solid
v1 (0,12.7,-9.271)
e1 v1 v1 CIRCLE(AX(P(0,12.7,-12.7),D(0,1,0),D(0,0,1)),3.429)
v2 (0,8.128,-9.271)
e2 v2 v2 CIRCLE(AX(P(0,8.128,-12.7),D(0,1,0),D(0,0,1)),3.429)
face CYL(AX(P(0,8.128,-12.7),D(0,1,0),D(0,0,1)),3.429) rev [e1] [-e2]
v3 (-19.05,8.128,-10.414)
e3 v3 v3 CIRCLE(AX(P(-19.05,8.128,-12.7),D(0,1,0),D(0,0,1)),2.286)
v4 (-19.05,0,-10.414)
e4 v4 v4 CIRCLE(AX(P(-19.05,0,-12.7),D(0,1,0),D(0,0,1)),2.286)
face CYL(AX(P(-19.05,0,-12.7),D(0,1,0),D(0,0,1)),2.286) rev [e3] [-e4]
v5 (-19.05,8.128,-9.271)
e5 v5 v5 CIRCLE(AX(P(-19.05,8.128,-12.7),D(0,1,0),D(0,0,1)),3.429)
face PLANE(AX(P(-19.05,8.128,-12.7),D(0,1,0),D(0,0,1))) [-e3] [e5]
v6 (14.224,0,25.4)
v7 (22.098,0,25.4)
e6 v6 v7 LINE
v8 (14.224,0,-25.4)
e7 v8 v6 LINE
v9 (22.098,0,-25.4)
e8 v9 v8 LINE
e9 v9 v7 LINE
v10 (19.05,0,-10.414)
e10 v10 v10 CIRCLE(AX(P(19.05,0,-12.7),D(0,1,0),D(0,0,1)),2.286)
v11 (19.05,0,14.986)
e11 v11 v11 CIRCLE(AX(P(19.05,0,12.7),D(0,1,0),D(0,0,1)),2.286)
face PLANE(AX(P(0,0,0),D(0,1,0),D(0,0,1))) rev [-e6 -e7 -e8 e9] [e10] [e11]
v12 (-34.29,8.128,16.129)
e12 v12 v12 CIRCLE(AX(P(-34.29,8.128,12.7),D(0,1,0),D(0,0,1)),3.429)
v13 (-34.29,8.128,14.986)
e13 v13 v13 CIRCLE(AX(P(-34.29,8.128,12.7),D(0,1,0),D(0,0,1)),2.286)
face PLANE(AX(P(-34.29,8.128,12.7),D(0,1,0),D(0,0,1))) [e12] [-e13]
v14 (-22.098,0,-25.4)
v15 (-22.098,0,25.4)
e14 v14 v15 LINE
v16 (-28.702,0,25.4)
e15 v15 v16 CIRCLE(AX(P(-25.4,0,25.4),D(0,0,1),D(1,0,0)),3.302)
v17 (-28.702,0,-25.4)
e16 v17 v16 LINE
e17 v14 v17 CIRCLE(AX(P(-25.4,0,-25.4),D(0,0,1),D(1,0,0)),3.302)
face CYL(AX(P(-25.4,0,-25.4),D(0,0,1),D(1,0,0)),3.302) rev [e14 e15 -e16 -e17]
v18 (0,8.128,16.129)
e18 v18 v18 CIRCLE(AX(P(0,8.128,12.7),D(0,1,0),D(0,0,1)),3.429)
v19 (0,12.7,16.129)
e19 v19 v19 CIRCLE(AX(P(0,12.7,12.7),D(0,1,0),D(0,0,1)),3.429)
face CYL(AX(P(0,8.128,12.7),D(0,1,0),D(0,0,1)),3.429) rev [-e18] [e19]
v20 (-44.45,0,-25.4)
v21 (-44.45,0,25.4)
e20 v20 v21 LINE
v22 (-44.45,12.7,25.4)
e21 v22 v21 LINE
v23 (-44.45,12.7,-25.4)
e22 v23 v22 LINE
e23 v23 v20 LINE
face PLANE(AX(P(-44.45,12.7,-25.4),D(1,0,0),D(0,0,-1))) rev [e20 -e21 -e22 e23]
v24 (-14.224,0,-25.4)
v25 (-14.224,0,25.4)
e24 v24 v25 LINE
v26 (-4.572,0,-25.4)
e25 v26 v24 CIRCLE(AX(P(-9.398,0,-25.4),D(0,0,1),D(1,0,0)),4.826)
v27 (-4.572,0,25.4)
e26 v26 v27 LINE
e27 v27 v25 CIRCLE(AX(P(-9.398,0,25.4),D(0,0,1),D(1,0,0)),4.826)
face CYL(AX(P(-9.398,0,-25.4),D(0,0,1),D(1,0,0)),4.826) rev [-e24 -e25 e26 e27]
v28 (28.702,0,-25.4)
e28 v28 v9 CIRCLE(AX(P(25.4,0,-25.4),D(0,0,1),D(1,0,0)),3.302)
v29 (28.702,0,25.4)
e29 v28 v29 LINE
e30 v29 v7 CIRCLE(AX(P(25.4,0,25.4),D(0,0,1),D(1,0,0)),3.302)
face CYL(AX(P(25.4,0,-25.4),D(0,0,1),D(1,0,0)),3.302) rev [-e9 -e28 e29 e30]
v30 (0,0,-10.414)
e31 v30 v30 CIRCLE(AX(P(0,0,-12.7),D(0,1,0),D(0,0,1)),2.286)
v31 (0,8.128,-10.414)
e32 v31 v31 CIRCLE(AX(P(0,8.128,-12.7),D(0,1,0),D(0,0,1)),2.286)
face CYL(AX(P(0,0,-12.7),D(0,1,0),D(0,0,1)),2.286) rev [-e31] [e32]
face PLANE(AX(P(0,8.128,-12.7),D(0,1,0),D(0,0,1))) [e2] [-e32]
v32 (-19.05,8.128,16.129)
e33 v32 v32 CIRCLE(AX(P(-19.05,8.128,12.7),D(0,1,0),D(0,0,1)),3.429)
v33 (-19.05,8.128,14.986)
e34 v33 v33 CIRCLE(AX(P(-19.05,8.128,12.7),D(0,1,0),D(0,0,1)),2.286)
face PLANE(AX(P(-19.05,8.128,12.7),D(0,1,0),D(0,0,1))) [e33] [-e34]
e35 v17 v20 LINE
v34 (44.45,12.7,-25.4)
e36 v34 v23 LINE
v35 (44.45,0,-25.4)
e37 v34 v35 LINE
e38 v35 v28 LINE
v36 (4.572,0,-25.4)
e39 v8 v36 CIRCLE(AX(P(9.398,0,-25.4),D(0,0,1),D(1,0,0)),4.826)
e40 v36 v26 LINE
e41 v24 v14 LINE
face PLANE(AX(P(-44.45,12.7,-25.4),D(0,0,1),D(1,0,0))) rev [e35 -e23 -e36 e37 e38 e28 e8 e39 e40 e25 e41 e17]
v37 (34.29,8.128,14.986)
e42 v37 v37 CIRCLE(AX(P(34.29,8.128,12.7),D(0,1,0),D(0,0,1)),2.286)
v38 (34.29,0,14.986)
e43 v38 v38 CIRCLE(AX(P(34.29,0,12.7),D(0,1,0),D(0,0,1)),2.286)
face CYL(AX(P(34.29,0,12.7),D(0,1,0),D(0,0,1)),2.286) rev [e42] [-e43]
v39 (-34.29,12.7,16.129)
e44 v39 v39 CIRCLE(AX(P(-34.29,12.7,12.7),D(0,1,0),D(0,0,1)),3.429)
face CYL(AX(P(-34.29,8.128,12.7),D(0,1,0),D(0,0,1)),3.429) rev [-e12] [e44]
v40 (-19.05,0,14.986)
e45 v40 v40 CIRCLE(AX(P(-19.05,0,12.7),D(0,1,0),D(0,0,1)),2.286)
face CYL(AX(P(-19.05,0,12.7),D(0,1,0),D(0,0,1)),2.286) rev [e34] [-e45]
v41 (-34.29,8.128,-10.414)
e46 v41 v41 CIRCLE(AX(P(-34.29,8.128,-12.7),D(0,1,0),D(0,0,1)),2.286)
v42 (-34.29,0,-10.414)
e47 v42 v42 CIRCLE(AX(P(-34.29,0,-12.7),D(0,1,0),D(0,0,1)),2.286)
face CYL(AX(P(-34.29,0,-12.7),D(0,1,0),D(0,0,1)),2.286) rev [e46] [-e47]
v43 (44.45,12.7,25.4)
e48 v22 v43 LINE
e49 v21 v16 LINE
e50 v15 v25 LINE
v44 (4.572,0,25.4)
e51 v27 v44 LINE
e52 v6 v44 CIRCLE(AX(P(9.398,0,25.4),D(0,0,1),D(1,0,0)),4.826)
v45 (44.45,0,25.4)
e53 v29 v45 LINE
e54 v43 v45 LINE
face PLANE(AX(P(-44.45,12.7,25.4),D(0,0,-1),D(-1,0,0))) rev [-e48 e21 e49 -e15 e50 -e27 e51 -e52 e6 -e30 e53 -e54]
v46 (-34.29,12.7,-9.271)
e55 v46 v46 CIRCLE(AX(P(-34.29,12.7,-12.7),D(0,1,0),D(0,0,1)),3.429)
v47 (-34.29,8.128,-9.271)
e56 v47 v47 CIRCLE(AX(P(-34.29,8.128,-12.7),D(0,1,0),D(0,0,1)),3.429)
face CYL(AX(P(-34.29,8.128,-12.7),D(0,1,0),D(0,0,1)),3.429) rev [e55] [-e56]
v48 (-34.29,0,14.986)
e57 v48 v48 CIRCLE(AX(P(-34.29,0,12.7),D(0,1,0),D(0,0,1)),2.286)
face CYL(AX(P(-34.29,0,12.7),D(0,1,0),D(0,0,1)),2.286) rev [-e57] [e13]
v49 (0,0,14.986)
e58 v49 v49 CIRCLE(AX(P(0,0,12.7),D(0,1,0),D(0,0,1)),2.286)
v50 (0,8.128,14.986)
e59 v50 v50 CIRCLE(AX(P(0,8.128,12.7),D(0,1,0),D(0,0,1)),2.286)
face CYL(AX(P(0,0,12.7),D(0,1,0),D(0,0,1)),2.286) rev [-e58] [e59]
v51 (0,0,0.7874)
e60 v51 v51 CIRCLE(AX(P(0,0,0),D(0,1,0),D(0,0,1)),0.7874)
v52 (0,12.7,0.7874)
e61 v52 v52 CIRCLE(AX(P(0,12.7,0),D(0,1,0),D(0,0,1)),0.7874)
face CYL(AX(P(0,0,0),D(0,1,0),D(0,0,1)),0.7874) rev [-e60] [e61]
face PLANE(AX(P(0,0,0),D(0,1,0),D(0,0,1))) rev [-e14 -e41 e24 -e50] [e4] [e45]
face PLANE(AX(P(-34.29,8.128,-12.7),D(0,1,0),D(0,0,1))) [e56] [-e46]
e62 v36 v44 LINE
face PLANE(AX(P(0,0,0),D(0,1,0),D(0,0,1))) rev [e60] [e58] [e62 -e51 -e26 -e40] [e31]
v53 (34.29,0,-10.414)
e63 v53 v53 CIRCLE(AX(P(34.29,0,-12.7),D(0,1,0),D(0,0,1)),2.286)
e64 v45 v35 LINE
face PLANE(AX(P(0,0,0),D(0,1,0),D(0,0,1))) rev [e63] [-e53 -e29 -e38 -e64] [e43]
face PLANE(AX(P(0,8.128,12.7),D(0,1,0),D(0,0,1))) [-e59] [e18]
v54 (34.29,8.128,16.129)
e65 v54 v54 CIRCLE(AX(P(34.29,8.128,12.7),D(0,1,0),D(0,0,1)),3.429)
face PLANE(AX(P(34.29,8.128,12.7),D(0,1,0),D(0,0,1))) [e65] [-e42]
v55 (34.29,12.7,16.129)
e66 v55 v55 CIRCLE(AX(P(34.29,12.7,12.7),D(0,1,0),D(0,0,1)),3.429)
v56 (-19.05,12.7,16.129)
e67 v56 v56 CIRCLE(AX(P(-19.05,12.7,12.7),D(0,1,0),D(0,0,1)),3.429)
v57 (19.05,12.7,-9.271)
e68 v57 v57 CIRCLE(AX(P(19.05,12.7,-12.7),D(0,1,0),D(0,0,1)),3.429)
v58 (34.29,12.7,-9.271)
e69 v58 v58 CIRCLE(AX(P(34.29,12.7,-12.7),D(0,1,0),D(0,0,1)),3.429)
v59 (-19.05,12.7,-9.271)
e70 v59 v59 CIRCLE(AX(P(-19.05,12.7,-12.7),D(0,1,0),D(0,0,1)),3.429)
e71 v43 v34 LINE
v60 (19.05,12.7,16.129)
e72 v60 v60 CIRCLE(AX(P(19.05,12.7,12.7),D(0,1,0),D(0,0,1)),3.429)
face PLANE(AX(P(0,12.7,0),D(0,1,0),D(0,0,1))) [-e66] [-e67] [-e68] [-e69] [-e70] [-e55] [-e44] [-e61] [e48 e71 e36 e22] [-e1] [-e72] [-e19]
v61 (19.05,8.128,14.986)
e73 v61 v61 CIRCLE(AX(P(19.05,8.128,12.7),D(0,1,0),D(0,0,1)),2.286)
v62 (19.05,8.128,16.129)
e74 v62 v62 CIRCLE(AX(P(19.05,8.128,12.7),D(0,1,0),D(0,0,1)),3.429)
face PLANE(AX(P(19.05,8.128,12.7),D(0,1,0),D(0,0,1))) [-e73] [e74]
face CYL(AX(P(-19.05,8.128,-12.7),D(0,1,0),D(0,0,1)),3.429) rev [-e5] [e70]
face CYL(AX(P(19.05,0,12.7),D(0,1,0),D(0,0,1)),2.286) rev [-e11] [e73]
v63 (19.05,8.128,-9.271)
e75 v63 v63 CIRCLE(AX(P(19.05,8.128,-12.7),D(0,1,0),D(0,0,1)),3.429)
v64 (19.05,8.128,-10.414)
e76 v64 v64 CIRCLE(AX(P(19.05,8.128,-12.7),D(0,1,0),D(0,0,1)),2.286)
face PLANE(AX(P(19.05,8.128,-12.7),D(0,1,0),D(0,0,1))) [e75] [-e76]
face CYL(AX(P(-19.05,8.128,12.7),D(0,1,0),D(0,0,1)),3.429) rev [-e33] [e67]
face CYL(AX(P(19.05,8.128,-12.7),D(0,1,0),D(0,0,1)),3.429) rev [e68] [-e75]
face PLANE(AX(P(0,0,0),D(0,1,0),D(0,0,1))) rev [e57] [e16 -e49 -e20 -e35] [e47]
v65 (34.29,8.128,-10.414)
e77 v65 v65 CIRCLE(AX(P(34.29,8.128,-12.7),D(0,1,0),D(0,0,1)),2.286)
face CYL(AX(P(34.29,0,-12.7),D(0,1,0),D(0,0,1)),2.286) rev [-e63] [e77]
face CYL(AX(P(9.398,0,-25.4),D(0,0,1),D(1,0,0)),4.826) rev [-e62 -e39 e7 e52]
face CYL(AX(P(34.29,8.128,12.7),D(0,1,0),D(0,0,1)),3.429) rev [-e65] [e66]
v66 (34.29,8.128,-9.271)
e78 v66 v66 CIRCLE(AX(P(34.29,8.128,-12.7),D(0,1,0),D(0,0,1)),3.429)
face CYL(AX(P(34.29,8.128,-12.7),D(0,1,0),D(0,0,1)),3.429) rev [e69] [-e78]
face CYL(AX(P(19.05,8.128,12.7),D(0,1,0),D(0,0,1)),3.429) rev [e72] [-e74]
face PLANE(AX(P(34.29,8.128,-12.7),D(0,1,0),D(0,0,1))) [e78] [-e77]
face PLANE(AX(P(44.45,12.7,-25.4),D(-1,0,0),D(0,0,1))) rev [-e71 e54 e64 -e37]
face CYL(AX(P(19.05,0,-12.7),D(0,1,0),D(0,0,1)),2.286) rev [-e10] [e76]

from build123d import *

# Parameters (mm, degrees)
SKETCH1_W           = 88.9
SKETCH1_H           = 50.8
BOSS_EXTRUDE1_DEPTH = 12.7
SKETCH2_R           = 3.429
SKETCH2_R_2         = 2.286
CUT_EXTRUDE1_DEPTH  = 4.572
SKETCH3_R           = 2.286
CUT_EXTRUDE2_DEPTH  = 53.74706153
LPATTERN1_COUNT     = 2
LPATTERN1_PITCH     = 25.4
CUT_EXTRUDE3_DEPTH  = 69.685751798
SKETCH5_R           = 0.7874
CUT_EXTRUDE4_DEPTH  = 53.74706153
SKETCH6_R           = 2.286
CUT_EXTRUDE5_DEPTH  = 53.74706153


with BuildPart() as part:
    # Sketch1 → Boss-Extrude1 (new body)
    with BuildSketch(Plane(origin=(0, 0, 0), x_dir=(1, 0, 0), z_dir=(0, 1, 0))):
        Rectangle(SKETCH1_W, SKETCH1_H)
    extrude(amount=BOSS_EXTRUDE1_DEPTH)

    # Sketch2 → Cut-Extrude1 (cut)
    # profile 1 of 5: a face of its own
    with BuildSketch(Plane(origin=(0, 12.7, 0), x_dir=(1, 0, 0), z_dir=(0, 1, 0))):
        with Locations(Location((-34.29, 12.7, 0), (0, 0, 270))):
            Circle(SKETCH2_R)
        with Locations(Location((-34.29, 12.7, 0), (0, 0, 270))):
            Circle(SKETCH2_R_2, mode=Mode.SUBTRACT)
    # profile 2 of 5: a face of its own
    with BuildSketch(Plane(origin=(0, 12.7, 0), x_dir=(1, 0, 0), z_dir=(0, 1, 0))):
        with Locations(Location((-19.05, 12.7, 0), (0, 0, 270))):
            Circle(SKETCH2_R)
        with Locations(Location((-19.05, 12.7, 0), (0, 0, 270))):
            Circle(SKETCH2_R_2, mode=Mode.SUBTRACT)
    # profile 3 of 5: a face of its own
    with BuildSketch(Plane(origin=(0, 12.7, 0), x_dir=(1, 0, 0), z_dir=(0, 1, 0))):
        with Locations(Location((0, 12.7, 0), (0, 0, 270))):
            Circle(SKETCH2_R)
        with Locations(Location((0, 12.7, 0), (0, 0, 270))):
            Circle(SKETCH2_R_2, mode=Mode.SUBTRACT)
    # profile 4 of 5: a face of its own
    with BuildSketch(Plane(origin=(0, 12.7, 0), x_dir=(1, 0, 0), z_dir=(0, 1, 0))):
        with Locations(Location((19.05, 12.7, 0), (0, 0, 270))):
            Circle(SKETCH2_R)
        with Locations(Location((19.05, 12.7, 0), (0, 0, 270))):
            Circle(SKETCH2_R_2, mode=Mode.SUBTRACT)
    # profile 5 of 5: a face of its own
    with BuildSketch(Plane(origin=(0, 12.7, 0), x_dir=(1, 0, 0), z_dir=(0, 1, 0))):
        with Locations(Location((34.29, 12.7, 0), (0, 0, 270))):
            Circle(SKETCH2_R)
        with Locations(Location((34.29, 12.7, 0), (0, 0, 270))):
            Circle(SKETCH2_R_2, mode=Mode.SUBTRACT)
    cut_extrude1 = extrude(amount=-CUT_EXTRUDE1_DEPTH, mode=Mode.SUBTRACT)

    # Sketch3 → Cut-Extrude2 (cut, through all)
    with BuildSketch(Plane(origin=(0, 12.7, 0), x_dir=(1, 0, 0), z_dir=(0, 1, 0))):
        with Locations(Location((-34.29, 12.7, 0), (0, 0, 270))):
            Circle(SKETCH3_R)
        with Locations(Location((-19.05, 12.7, 0), (0, 0, 270))):
            Circle(SKETCH3_R)
        with Locations(Location((0, 12.7, 0), (0, 0, 270))):
            Circle(SKETCH3_R)
        with Locations(Location((19.05, 12.7, 0), (0, 0, 270))):
            Circle(SKETCH3_R)
        with Locations(Location((34.29, 12.7, 0), (0, 0, 270))):
            Circle(SKETCH3_R)
    extrude(amount=-CUT_EXTRUDE2_DEPTH, mode=Mode.SUBTRACT)

    # LPattern1: Cut-Extrude1 ×2
    with Locations(*[(0, 0, i * LPATTERN1_PITCH) for i in range(1, LPATTERN1_COUNT)]):
        add(cut_extrude1, mode=Mode.SUBTRACT)

    # Sketch4 → Cut-Extrude3 (cut, through all)
    with BuildSketch(Plane.XY.offset(25.4)):
        with BuildLine():
            Line((-28.702, 0), (-22.098, 0))
            ThreePointArc((-22.098, 0), (-25.4, 3.302), (-28.702, 0))
        make_face()
        with BuildLine():
            Line((-14.224, 0), (-4.572, 0))
            ThreePointArc((-4.572, 0), (-9.398, 4.826), (-14.224, 0))
        make_face()
        with BuildLine():
            Line((4.572, 0), (14.224, 0))
            ThreePointArc((14.224, 0), (9.398, 4.826), (4.572, 0))
        make_face()
        with BuildLine():
            Line((22.098, 0), (28.702, 0))
            ThreePointArc((28.702, 0), (25.4, 3.302), (22.098, 0))
        make_face()
    extrude(amount=-CUT_EXTRUDE3_DEPTH, mode=Mode.SUBTRACT)

    # Sketch5 → Cut-Extrude4 (cut, through all)
    with BuildSketch(Plane(origin=(0, 12.7, 0), x_dir=(1, 0, 0), z_dir=(0, 1, 0))):
        with Locations(Location((0, 0, 0), (0, 0, 270))):
            Circle(SKETCH5_R)
    extrude(amount=-CUT_EXTRUDE4_DEPTH, mode=Mode.SUBTRACT)

    # Sketch6 → Cut-Extrude5 (cut, through all)
    with BuildSketch(Plane(origin=(0, 12.7, 0), x_dir=(1, 0, 0), z_dir=(0, 1, 0))):
        with Locations(Location((-34.29, -12.7, 0), (0, 0, 270))):
            Circle(SKETCH6_R)
        with Locations(Location((-19.05, -12.7, 0), (0, 0, 270))):
            Circle(SKETCH6_R)
        with Locations(Location((0, -12.7, 0), (0, 0, 270))):
            Circle(SKETCH6_R)
        with Locations(Location((19.05, -12.7, 0), (0, 0, 270))):
            Circle(SKETCH6_R)
        with Locations(Location((34.29, -12.7, 0), (0, 0, 270))):
            Circle(SKETCH6_R)
    extrude(amount=-CUT_EXTRUDE5_DEPTH, mode=Mode.SUBTRACT)


solid = part.part
